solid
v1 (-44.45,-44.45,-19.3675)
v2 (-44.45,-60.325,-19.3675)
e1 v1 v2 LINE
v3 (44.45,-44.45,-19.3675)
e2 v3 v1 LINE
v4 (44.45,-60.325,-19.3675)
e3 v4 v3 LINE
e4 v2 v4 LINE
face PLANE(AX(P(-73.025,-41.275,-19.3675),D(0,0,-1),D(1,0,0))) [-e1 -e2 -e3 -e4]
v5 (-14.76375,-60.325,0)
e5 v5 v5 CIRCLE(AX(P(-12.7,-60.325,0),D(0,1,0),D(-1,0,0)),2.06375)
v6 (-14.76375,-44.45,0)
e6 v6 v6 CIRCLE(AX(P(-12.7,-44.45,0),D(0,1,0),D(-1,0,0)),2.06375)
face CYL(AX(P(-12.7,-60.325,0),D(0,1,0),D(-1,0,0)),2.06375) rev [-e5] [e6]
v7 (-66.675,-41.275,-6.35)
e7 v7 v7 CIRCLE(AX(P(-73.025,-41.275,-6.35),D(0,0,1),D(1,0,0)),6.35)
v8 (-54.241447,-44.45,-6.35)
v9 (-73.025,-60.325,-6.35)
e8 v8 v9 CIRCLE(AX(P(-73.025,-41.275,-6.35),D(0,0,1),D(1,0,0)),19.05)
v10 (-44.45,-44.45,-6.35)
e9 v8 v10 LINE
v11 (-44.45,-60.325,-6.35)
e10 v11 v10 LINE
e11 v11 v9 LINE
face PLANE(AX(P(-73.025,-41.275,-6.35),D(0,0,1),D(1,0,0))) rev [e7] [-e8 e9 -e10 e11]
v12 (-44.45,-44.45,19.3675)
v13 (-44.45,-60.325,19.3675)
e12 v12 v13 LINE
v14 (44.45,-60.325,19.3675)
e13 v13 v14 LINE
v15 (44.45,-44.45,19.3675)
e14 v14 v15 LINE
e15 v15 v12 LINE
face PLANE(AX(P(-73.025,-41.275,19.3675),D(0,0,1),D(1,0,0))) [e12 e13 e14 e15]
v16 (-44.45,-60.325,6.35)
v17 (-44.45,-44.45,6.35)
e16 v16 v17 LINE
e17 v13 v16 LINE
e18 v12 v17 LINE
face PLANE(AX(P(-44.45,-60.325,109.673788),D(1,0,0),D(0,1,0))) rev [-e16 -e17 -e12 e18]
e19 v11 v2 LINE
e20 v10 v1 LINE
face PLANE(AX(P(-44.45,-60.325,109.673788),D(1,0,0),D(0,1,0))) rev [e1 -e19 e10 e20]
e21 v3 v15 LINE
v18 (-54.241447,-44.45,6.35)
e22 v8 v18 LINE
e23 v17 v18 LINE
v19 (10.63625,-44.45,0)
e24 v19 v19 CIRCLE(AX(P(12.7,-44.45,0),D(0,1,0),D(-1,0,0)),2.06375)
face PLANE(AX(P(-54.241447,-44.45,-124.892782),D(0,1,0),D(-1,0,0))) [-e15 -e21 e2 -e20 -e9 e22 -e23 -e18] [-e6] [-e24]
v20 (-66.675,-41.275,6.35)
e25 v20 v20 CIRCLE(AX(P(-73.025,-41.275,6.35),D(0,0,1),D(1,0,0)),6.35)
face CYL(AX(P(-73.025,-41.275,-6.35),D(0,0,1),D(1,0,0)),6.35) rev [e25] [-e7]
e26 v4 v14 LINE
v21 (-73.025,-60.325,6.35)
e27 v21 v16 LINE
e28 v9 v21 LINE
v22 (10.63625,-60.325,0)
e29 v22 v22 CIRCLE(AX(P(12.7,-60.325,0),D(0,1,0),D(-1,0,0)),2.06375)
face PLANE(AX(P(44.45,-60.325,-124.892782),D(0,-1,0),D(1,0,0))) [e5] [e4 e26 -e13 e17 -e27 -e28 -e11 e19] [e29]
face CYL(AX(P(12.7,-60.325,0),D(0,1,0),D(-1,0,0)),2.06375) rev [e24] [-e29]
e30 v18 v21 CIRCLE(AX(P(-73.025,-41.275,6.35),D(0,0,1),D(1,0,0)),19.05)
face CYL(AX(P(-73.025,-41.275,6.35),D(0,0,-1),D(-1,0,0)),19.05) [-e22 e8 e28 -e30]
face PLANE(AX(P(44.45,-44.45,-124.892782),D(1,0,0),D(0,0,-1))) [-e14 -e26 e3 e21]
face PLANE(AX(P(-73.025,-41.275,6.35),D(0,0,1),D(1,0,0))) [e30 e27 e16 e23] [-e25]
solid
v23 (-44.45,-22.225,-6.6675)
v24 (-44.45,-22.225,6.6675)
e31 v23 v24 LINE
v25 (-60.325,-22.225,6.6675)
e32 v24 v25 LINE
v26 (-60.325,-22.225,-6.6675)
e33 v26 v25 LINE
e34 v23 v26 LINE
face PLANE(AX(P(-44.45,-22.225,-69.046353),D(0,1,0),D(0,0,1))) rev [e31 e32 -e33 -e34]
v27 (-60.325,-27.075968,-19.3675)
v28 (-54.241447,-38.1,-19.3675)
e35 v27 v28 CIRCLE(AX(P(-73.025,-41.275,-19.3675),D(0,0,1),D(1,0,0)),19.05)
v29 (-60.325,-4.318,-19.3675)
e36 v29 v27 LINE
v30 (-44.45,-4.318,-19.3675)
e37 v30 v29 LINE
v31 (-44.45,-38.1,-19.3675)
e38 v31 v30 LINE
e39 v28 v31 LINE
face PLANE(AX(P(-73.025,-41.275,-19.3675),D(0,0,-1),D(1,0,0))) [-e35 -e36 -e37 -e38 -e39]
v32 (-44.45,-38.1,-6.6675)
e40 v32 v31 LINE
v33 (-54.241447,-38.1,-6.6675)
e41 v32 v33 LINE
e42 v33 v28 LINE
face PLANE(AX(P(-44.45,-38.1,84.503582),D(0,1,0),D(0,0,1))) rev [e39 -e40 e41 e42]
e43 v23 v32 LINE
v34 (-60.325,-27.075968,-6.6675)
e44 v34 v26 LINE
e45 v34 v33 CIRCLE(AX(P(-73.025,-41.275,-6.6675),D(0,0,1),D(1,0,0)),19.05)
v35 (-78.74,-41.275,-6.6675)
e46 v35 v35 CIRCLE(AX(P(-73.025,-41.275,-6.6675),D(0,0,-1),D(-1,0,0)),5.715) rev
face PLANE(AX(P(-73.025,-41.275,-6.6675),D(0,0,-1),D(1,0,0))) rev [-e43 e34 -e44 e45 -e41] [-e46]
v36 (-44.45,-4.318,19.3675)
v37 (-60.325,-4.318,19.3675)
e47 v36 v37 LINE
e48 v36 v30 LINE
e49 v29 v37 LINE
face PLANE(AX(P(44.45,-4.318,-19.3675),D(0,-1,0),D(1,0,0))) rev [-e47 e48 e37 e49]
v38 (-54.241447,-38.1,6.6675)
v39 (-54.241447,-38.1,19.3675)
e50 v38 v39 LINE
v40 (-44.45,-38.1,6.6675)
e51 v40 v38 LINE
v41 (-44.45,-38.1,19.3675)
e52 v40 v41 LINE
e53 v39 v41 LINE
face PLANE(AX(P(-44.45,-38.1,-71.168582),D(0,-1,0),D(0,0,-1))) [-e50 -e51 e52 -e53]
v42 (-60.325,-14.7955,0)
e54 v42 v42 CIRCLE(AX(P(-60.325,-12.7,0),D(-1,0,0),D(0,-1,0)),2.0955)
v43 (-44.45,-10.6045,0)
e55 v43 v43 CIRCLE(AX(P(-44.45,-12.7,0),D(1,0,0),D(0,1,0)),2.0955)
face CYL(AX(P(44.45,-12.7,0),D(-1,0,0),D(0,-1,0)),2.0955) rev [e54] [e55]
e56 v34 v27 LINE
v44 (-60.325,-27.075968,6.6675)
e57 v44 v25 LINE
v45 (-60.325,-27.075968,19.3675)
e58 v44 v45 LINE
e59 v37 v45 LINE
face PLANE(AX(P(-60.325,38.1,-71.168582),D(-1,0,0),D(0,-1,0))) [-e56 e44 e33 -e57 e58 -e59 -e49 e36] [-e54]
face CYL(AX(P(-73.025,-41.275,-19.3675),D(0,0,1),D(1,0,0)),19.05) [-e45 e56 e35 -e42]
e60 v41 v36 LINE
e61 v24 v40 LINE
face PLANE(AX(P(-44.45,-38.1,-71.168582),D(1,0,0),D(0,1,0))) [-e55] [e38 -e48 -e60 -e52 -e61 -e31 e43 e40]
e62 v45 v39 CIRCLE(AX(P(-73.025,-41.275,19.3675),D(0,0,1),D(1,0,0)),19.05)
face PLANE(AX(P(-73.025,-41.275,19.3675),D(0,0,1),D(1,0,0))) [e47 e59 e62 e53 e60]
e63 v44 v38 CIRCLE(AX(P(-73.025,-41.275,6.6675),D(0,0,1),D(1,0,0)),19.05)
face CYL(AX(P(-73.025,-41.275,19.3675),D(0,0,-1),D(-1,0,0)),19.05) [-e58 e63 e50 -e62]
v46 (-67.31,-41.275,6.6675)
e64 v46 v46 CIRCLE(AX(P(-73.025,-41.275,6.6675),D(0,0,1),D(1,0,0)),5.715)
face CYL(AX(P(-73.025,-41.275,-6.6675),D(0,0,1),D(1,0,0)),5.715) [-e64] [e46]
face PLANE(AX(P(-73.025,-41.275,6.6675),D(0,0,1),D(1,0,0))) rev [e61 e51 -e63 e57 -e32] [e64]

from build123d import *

# Parameters (mm, degrees)
SKETCH1_R           = 19.05
BOSS_EXTRUDE1_DEPTH = 6.35
BOSS_EXTRUDE2_DEPTH = 12.7
SKETCH3_R           = 6.35
CUT_EXTRUDE1_DEPTH  = 111.807045128
SKETCH4_R           = 5.715
BOSS_EXTRUDE3_DEPTH = 6.6675
BOSS_EXTRUDE4_START = 12.7
SKETCH5_R           = 19.05
BOSS_EXTRUDE4_DEPTH = 12.7
BOSS_EXTRUDE5_DEPTH = 12.7
BOSS_EXTRUDE6_REACH = 115.114
SKETCH7_W           = 15.875
SKETCH7_H           = 60.325
BOSS_EXTRUDE7_START = -25.7175
SKETCH8_W           = 88.9
SKETCH8_H           = 15.875
BOSS_EXTRUDE7_DEPTH = 38.735
SKETCH16_R          = 2.0955
CUT_EXTRUDE8_DEPTH  = 123.441848672
SKETCH17_R          = 2.06375
CUT_EXTRUDE9_DEPTH  = 126.16951778
SKETCH20_W          = 38.735
SKETCH20_H          = 42.418
CUT_EXTRUDE13_DEPTH = 123.441848672


with BuildPart() as part:
    # Sketch1 → Boss-Extrude1 (new, symmetric)
    with BuildSketch(Plane.XY):
        with Locations((-73.025, -41.275)):
            Circle(SKETCH1_R)
    extrude(amount=BOSS_EXTRUDE1_DEPTH, both=True)

    # Sketch2 → Boss-Extrude2 (add)
    with BuildSketch(Plane.XY.offset(6.35)):
        with BuildLine():
            Line((-54.241446689, -44.45), (44.45, -44.45))
            Line((44.45, -44.45), (44.45, -60.325))
            Line((44.45, -60.325), (-73.025, -60.325))
            ThreePointArc((-73.025, -60.325), (-60.728277876, -55.824677831), (-54.241446689, -44.45))
        make_face()
    extrude(amount=-BOSS_EXTRUDE2_DEPTH)

    # Sketch3 → Cut-Extrude1 (cut, through all)
    with BuildSketch(Plane.XY.offset(6.35)):
        with Locations((-73.025, -41.275)):
            Circle(SKETCH3_R)
    extrude(amount=-CUT_EXTRUDE1_DEPTH, mode=Mode.SUBTRACT)

    # Sketch8 → Boss-Extrude7 (add)
    with BuildSketch(Plane.XY.offset(6.35).offset(BOSS_EXTRUDE7_START)):
        with Locations((0, -52.3875)):
            Rectangle(SKETCH8_W, SKETCH8_H)
    extrude(amount=BOSS_EXTRUDE7_DEPTH)

    # Sketch17 → Cut-Extrude9 (cut, through all)
    with BuildSketch(Plane(origin=(0, -44.45, 0), x_dir=(1, 0, 0), z_dir=(0, 1, 0))):
        with Locations(Location((-12.7, 0, 0), (0, 0, 180))):
            Circle(SKETCH17_R)
        with Locations(Location((12.7, 0, 0), (0, 0, 180))):
            Circle(SKETCH17_R)
    extrude(amount=-CUT_EXTRUDE9_DEPTH, mode=Mode.SUBTRACT)


with BuildPart() as body_2:
    # Sketch4 → Boss-Extrude3 (new, symmetric)
    with BuildSketch(Plane.XY):
        with Locations((-73.025, -41.275)):
            Circle(SKETCH4_R)
    extrude(amount=BOSS_EXTRUDE3_DEPTH, both=True)

    # Sketch5 → Boss-Extrude4 (add)
    with BuildSketch(Plane.XY.offset(6.6675).offset(BOSS_EXTRUDE4_START)):
        with Locations((-73.025, -41.275)):
            Circle(SKETCH5_R)
    boss_extrude4 = extrude(amount=-BOSS_EXTRUDE4_DEPTH)

    # Sketch6 → Boss-Extrude5 (add)
    with BuildSketch(Plane.XY.offset(19.3675)):
        with BuildLine():
            Line((-44.45, -38.1), (-44.45, 38.1))
            Line((-44.45, 38.1), (-60.325, 38.1))
            Line((-60.325, 38.1), (-60.325, -27.075968343))
            ThreePointArc((-60.325, -27.075968343), (-56.346095636, -32.070835224), (-54.241446689, -38.1))
            Line((-54.241446689, -38.1), (-44.45, -38.1))
        make_face()
    boss_extrude5 = extrude(amount=-BOSS_EXTRUDE5_DEPTH)

    # Mirror1: Boss-Extrude4, Boss-Extrude5 across plane
    add(boss_extrude4.mirror(Plane.XY))
    add(boss_extrude5.mirror(Plane.XY))

    # Sketch7 → Boss-Extrude6 (add, up to next)
    with BuildSketch(Plane(origin=(0, 0, 6.6675), x_dir=(-1, 0, 0), z_dir=(0, 0, -1)), mode=Mode.PRIVATE) as boss_extrude6_sk1:
        with Locations((52.3875, 7.9375)):
            Rectangle(SKETCH7_W, SKETCH7_H)
    boss_extrude6_tool1 = extrude(boss_extrude6_sk1.sketch, amount=BOSS_EXTRUDE6_REACH, mode=Mode.PRIVATE) - body_2.part
    add(boss_extrude6_tool1.solids().sort_by_distance((-52.3875, 7.9375, 6.6675))[0])

    # Sketch16 → Cut-Extrude8 (cut, through all)
    with BuildSketch(Plane.ZY.offset(60.325)):
        with Locations(Location((0, 12.7, 0), (0, 0, 270))):
            Circle(SKETCH16_R)
        with Locations(Location((0, -12.7, 0), (0, 0, 270))):
            Circle(SKETCH16_R)
    extrude(amount=-CUT_EXTRUDE8_DEPTH, mode=Mode.SUBTRACT)

    # Sketch20 → Cut-Extrude13 (cut, through all)
    with BuildSketch(Plane.ZY.offset(60.325)):
        with Locations((0, 16.891)):
            Rectangle(SKETCH20_W, SKETCH20_H)
    extrude(amount=-CUT_EXTRUDE13_DEPTH, mode=Mode.SUBTRACT)


solid = Compound([part.part, body_2.part])
